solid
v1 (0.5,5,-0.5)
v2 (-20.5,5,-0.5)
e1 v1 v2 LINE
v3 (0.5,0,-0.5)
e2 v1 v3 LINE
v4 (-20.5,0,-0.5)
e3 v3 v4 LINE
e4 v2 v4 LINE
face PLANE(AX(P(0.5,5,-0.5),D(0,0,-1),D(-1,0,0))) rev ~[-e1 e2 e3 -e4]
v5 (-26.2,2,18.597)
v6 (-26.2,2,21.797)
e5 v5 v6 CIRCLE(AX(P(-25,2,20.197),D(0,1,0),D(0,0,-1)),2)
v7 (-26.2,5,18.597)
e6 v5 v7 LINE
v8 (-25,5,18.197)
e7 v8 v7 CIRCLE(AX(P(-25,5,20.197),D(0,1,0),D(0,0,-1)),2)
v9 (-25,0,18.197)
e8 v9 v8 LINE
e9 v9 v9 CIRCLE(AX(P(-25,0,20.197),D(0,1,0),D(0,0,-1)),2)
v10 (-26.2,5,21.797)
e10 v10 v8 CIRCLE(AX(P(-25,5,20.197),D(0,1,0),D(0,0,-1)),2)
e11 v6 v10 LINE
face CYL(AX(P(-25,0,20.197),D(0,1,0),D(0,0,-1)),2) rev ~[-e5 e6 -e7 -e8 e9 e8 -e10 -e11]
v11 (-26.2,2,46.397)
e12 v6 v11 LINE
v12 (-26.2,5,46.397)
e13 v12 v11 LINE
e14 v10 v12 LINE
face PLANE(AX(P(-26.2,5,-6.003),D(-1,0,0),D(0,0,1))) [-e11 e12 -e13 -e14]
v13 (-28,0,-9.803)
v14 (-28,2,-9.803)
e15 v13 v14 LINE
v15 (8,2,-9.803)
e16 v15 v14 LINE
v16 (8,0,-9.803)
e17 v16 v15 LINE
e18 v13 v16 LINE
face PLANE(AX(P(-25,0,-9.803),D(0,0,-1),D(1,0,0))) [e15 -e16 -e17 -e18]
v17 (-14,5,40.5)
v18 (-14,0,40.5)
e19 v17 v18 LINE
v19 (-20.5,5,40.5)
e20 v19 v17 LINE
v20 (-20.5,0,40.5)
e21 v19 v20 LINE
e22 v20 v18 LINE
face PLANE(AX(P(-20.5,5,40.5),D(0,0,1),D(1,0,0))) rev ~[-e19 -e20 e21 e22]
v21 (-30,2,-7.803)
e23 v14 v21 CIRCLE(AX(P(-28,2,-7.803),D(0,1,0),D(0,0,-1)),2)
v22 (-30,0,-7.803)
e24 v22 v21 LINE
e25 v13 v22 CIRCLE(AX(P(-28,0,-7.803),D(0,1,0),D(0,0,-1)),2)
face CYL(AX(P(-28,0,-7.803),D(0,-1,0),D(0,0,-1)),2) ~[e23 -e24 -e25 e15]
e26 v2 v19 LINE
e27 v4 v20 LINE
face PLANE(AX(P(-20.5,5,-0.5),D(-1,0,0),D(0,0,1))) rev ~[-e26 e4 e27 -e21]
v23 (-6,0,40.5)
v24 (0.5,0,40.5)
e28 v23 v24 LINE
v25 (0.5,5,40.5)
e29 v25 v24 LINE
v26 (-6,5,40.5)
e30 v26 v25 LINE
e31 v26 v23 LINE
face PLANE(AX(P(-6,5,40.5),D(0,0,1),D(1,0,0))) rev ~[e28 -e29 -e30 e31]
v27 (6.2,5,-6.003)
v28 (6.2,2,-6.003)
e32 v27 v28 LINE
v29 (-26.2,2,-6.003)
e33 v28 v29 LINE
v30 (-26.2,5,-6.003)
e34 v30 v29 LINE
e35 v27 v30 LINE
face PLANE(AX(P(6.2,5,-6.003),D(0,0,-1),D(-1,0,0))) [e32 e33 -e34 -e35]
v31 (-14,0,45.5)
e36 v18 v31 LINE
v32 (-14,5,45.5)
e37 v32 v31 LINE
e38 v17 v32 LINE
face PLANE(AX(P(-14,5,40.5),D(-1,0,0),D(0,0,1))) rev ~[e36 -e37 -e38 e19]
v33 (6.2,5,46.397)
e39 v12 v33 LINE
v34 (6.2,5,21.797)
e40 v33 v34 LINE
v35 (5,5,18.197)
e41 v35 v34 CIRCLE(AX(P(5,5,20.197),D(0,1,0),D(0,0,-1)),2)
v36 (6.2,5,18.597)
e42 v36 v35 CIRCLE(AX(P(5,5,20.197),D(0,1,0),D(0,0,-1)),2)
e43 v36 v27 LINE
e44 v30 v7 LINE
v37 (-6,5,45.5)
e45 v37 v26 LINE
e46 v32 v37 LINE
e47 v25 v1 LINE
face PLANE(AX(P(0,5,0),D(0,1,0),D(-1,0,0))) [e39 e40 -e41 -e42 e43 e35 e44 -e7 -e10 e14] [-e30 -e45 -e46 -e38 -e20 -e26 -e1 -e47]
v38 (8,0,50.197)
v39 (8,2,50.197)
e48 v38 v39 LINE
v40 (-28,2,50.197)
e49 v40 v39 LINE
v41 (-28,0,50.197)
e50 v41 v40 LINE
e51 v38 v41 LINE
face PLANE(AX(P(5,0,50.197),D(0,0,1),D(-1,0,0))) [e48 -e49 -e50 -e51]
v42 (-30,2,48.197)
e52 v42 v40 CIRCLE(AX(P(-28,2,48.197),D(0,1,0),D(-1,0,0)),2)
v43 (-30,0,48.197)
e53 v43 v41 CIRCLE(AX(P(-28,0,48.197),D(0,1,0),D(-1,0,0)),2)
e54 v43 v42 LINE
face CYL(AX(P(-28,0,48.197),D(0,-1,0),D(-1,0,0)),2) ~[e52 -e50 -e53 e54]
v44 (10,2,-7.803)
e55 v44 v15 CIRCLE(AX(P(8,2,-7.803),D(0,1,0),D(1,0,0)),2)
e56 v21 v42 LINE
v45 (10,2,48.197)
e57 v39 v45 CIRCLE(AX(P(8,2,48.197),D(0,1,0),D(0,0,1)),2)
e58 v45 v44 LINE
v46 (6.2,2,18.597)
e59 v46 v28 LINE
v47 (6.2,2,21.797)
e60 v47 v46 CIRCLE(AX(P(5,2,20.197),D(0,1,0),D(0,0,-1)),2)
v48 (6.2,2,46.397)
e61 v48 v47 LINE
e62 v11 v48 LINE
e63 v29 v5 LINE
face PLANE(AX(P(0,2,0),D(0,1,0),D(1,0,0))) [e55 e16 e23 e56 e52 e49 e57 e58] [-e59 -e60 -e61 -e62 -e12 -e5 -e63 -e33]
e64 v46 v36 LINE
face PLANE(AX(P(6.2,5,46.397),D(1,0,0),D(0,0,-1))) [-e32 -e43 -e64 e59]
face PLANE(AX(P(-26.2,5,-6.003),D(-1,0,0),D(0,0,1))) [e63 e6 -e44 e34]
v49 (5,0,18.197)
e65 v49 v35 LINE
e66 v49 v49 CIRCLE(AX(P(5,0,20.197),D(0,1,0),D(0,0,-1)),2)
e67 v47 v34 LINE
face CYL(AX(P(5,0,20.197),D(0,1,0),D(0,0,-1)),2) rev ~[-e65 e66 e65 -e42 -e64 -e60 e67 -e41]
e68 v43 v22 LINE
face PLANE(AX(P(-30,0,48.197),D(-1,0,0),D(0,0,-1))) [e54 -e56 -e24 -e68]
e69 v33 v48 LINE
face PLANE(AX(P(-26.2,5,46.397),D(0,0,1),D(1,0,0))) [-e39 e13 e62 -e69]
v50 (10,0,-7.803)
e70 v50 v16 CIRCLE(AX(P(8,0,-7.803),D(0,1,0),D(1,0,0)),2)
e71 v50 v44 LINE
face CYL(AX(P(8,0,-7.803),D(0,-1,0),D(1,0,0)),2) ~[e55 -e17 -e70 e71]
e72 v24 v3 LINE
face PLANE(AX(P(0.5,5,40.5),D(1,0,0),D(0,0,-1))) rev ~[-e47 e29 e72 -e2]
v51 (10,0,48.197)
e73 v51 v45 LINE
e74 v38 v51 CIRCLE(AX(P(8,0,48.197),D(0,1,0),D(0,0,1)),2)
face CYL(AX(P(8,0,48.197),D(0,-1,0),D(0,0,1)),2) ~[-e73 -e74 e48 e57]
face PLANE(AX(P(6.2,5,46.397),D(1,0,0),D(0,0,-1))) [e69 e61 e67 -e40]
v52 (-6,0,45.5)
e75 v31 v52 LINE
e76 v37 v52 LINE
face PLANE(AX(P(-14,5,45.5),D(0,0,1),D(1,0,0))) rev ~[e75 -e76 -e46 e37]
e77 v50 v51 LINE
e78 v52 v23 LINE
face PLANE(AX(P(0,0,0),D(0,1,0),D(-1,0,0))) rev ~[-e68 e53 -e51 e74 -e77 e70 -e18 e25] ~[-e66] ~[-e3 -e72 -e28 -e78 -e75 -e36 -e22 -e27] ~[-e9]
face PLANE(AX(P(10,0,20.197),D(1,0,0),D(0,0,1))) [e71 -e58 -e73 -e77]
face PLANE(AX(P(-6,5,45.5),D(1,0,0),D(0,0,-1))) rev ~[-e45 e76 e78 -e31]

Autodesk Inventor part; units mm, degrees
ref_plane "YZ Plane" through (0, 0, 0) normal (1, 0, 0) x (0, 1, 0)
ref_plane "XZ Plane" through (0, 0, 0) normal (0, 1, 0) x (-1, 0, 0)
ref_plane "XY Plane" through (0, 0, 0) normal (0, 0, 1) x (1, 0, 0)
sketch "スケッチ1" plane through (0, 0, 0) normal (0, 1, 0) x (-1, 0, 0)
  circle A0 centre (15, 44.75) radius 2
  circle A1 centre (5, 44.75) radius 2
  circle A2 centre (10, 30) radius 3
  circle A3 centre (15, -4.75) radius 2
  circle A4 centre (5, -4.75) radius 2
  circle A5 centre (10, 30) radius 3
  line L0 (0, 0) -> (0, 40)
  line L1 (20, 0) -> (0, 0)
  line L2 (20, 40) -> (20, 0)
  line L3 (0, 40) -> (20, 40)
  line L4 (0, 40) -> (20, 40)
  line L5 (20, 45.25) -> (20, 40)
  arc A6 (20, 45.25) -> (18, 47.447) centre (18.0097, 45.4471) ccw
  line L6 (2, 47.447) -> (18, 47.447)
  arc A7 (2, 47.447) -> (0, 45.25) centre (1.9903, 45.4471) ccw
  line L7 (0, 40) -> (0, 45.25)
  circle A8 centre (15, 44.75) radius 2
  circle A9 centre (5, 44.75) radius 2
  line L8 (20, 0) -> (0, 0)
  line L9 (0, -5.25) -> (0, 0)
  arc A10 (0, -5.25) -> (2, -7.25) centre (2, -5.25) ccw
  line L10 (18, -7.25) -> (2, -7.25)
  arc A11 (18, -7.25) -> (20, -5.25) centre (18, -5.25) ccw
  line L11 (20, 0) -> (20, -5.25)
  circle A12 centre (5, -4.75) radius 2
  circle A13 centre (15, -4.75) radius 2
  line L12 (-8, 50.197) -> (28, 50.197)
  line L13 (30, 48.197) -> (30, -7.803)
  line L14 (28, -9.803) -> (-8, -9.803)
  line L15 (-10, -7.803) -> (-10, 48.197)
  arc A14 (30, 48.197) -> (28, 50.197) centre (28, 48.197) ccw
  arc A15 (-8, 50.197) -> (-10, 48.197) centre (-8, 48.197) ccw
  arc A16 (-10, -7.803) -> (-8, -9.803) centre (-8, -7.803) ccw
  arc A17 (28, -9.803) -> (30, -7.803) centre (28, -7.803) ccw
  line L16 (45.2724, 20.197) -> (-29.952, 20.197)
  line L17 (25, 53.3822) -> (25, -21.2286)
  line L18 (-5, 50.197) -> (-5, -9.803)
  line L19 (6.5, 45) -> (13.5, 45)
  line L20 (13.5, 45) -> (13.5, 40)
  line L21 (6.5, 40) -> (6.5, 45)
  line L22 (0, 40) -> (20, 40)
  point P0 (0, -4.75)
  point P1 (-10, 50.197)
  point P2 (30, -9.803)
  point P3 (30, 50.197)
  point P4 (10, 47.447)
  point P5 (10, 50.197)
  point P6 (-5, 20.197)
  point P7 (-5, 20.197)
  point P8 (25, 20.197)
  point P9 (25, 50.197)
  point P10 (25, -9.803)
  dimension "d0" = 40
  dimension "d1" = 60
  dimension "d2" = 2.75
  dimension "d3" = 10
  dimension "d4" = 2
  dimension "d5" = 30
  dimension "d6" = 5
  dimension "d7" = 5
  dimension "d8" = 60
  dimension "d9" = 0
  dimension "d22" = 2.75
  dimension "d23" = 2
  dimension "d24" = 2
  dimension "d25" = 10
  dimension "d26" = 15
  dimension "d27" = 5.447
  dimension "d28" = 10
  dimension "d29" = 20
  dimension "d30" = 20.197
extrude "押し出し1" add sketch "スケッチ1" along normal blind 5 contours A0 L20 L19 | A0 L19 A1 L21 L3 L7 A7 L6 A6 L5 L20 | L19 L21 A1 | L5 A6 L6 A7 L7 L0 L16 L18 L12 L17 L2 | L16 L17 L14 L18 L0 L9 A10 L10 A11 L11 L2 | L11 A11 L10 A10 L9 L1 | L17 L12 A14 L13 L16 | L16 L13 A17 L14 L17 | L18 L14 A16 L15 L16 | L16 L15 A15 L12 L18 | A3 | A4 picked at (15.8139, 44.6736) picked at (4.1802, 44.7383)
hole "穴1" at (5, 0, 20.197) at (-25, 0, 20.197) direction (0, 1, 0) diameter 4 end through all
sketch "スケッチ2" plane through (0, 5, 0) normal (0, 1, 0) x (1, 0, 0)
  circle A0 centre (5, -20.197) radius 2 projected
  circle A1 centre (-25, -20.197) radius 2 projected
  line L0 (-28, -50.197) -> (8, -50.197) projected
  arc A2 (8, -50.197) -> (10, -48.197) centre (8, -48.197) ccw projected
  line L1 (10, -48.197) -> (10, 7.803) projected
  arc A3 (10, 7.803) -> (8, 9.803) centre (8, 7.803) ccw projected
  line L2 (8, 9.803) -> (-28, 9.803) projected
  arc A4 (-28, 9.803) -> (-30, 7.803) centre (-28, 7.803) ccw projected
  line L3 (-30, 7.803) -> (-30, -48.197) projected
  arc A5 (-30, -48.197) -> (-28, -50.197) centre (-28, -48.197) ccw projected
  line L4 (-20, -40) -> (-20, 0) projected
  line L5 (-20, 0) -> (0, 0) projected
  line L6 (0, 0) -> (0, -40) projected
  line L7 (0, -40) -> (-6.5, -40) projected
  line L8 (-6.5, -40) -> (-6.5, -45) projected
  line L9 (-6.5, -45) -> (-13.5, -45) projected
  line L10 (-13.5, -45) -> (-13.5, -40) projected
  line L11 (-13.5, -40) -> (-20, -40) projected
  line L12 (-6, -40.5) -> (0.5, -40.5)
  line L13 (0.5, -40.5) -> (0.5, 0.5)
  line L14 (0.5, 0.5) -> (-20.5, 0.5)
  line L15 (-20.5, 0.5) -> (-20.5, -40.5)
  line L16 (-20.5, -40.5) -> (-14, -40.5)
  line L17 (-14, -40.5) -> (-14, -45.5)
  line L18 (-14, -45.5) -> (-6, -45.5)
  line L19 (-6, -45.5) -> (-6, -40.5)
  dimension "d19" = 0.5
extrude "押し出し2" cut sketch "スケッチ2" against normal blind 10 contours L19 L18 L17 L16 L15 L14 L13 L12
sketch "スケッチ3" plane through (0, 5, 0) normal (0, 1, 0) x (1, 0, 0)
  line L0 (10, -48.197) -> (10, 7.803) projected
  arc A0 (8, -50.197) -> (10, -48.197) centre (8, -48.197) ccw projected
  line L1 (-28, -50.197) -> (8, -50.197) projected
  arc A1 (-30, -48.197) -> (-28, -50.197) centre (-28, -48.197) ccw projected
  line L2 (-30, 7.803) -> (-30, -48.197) projected
  arc A2 (-28, 9.803) -> (-30, 7.803) centre (-28, 7.803) ccw projected
  line L3 (8, 9.803) -> (-28, 9.803) projected
  arc A3 (10, 7.803) -> (8, 9.803) centre (8, 7.803) ccw projected
  line L4 (6.2, -46.397) -> (6.2, 6.003)
  line L5 (6.2, 6.003) -> (-26.2, 6.003)
  line L6 (-26.2, 6.003) -> (-26.2, -46.397)
  line L7 (-26.2, -46.397) -> (6.2, -46.397)
  point P0 (0, 0)
  dimension "d31" = 3.8
extrude "押し出し3" cut sketch "スケッチ3" against normal blind 3
equation "\"d5\" = 0.5 * d1"
equation "\"d6\" = 0.5 * d3"
equation "\"d7\" = d6"
equation "\"d8\" = d1"
properties part number "servo_cover2_3D プリント"
